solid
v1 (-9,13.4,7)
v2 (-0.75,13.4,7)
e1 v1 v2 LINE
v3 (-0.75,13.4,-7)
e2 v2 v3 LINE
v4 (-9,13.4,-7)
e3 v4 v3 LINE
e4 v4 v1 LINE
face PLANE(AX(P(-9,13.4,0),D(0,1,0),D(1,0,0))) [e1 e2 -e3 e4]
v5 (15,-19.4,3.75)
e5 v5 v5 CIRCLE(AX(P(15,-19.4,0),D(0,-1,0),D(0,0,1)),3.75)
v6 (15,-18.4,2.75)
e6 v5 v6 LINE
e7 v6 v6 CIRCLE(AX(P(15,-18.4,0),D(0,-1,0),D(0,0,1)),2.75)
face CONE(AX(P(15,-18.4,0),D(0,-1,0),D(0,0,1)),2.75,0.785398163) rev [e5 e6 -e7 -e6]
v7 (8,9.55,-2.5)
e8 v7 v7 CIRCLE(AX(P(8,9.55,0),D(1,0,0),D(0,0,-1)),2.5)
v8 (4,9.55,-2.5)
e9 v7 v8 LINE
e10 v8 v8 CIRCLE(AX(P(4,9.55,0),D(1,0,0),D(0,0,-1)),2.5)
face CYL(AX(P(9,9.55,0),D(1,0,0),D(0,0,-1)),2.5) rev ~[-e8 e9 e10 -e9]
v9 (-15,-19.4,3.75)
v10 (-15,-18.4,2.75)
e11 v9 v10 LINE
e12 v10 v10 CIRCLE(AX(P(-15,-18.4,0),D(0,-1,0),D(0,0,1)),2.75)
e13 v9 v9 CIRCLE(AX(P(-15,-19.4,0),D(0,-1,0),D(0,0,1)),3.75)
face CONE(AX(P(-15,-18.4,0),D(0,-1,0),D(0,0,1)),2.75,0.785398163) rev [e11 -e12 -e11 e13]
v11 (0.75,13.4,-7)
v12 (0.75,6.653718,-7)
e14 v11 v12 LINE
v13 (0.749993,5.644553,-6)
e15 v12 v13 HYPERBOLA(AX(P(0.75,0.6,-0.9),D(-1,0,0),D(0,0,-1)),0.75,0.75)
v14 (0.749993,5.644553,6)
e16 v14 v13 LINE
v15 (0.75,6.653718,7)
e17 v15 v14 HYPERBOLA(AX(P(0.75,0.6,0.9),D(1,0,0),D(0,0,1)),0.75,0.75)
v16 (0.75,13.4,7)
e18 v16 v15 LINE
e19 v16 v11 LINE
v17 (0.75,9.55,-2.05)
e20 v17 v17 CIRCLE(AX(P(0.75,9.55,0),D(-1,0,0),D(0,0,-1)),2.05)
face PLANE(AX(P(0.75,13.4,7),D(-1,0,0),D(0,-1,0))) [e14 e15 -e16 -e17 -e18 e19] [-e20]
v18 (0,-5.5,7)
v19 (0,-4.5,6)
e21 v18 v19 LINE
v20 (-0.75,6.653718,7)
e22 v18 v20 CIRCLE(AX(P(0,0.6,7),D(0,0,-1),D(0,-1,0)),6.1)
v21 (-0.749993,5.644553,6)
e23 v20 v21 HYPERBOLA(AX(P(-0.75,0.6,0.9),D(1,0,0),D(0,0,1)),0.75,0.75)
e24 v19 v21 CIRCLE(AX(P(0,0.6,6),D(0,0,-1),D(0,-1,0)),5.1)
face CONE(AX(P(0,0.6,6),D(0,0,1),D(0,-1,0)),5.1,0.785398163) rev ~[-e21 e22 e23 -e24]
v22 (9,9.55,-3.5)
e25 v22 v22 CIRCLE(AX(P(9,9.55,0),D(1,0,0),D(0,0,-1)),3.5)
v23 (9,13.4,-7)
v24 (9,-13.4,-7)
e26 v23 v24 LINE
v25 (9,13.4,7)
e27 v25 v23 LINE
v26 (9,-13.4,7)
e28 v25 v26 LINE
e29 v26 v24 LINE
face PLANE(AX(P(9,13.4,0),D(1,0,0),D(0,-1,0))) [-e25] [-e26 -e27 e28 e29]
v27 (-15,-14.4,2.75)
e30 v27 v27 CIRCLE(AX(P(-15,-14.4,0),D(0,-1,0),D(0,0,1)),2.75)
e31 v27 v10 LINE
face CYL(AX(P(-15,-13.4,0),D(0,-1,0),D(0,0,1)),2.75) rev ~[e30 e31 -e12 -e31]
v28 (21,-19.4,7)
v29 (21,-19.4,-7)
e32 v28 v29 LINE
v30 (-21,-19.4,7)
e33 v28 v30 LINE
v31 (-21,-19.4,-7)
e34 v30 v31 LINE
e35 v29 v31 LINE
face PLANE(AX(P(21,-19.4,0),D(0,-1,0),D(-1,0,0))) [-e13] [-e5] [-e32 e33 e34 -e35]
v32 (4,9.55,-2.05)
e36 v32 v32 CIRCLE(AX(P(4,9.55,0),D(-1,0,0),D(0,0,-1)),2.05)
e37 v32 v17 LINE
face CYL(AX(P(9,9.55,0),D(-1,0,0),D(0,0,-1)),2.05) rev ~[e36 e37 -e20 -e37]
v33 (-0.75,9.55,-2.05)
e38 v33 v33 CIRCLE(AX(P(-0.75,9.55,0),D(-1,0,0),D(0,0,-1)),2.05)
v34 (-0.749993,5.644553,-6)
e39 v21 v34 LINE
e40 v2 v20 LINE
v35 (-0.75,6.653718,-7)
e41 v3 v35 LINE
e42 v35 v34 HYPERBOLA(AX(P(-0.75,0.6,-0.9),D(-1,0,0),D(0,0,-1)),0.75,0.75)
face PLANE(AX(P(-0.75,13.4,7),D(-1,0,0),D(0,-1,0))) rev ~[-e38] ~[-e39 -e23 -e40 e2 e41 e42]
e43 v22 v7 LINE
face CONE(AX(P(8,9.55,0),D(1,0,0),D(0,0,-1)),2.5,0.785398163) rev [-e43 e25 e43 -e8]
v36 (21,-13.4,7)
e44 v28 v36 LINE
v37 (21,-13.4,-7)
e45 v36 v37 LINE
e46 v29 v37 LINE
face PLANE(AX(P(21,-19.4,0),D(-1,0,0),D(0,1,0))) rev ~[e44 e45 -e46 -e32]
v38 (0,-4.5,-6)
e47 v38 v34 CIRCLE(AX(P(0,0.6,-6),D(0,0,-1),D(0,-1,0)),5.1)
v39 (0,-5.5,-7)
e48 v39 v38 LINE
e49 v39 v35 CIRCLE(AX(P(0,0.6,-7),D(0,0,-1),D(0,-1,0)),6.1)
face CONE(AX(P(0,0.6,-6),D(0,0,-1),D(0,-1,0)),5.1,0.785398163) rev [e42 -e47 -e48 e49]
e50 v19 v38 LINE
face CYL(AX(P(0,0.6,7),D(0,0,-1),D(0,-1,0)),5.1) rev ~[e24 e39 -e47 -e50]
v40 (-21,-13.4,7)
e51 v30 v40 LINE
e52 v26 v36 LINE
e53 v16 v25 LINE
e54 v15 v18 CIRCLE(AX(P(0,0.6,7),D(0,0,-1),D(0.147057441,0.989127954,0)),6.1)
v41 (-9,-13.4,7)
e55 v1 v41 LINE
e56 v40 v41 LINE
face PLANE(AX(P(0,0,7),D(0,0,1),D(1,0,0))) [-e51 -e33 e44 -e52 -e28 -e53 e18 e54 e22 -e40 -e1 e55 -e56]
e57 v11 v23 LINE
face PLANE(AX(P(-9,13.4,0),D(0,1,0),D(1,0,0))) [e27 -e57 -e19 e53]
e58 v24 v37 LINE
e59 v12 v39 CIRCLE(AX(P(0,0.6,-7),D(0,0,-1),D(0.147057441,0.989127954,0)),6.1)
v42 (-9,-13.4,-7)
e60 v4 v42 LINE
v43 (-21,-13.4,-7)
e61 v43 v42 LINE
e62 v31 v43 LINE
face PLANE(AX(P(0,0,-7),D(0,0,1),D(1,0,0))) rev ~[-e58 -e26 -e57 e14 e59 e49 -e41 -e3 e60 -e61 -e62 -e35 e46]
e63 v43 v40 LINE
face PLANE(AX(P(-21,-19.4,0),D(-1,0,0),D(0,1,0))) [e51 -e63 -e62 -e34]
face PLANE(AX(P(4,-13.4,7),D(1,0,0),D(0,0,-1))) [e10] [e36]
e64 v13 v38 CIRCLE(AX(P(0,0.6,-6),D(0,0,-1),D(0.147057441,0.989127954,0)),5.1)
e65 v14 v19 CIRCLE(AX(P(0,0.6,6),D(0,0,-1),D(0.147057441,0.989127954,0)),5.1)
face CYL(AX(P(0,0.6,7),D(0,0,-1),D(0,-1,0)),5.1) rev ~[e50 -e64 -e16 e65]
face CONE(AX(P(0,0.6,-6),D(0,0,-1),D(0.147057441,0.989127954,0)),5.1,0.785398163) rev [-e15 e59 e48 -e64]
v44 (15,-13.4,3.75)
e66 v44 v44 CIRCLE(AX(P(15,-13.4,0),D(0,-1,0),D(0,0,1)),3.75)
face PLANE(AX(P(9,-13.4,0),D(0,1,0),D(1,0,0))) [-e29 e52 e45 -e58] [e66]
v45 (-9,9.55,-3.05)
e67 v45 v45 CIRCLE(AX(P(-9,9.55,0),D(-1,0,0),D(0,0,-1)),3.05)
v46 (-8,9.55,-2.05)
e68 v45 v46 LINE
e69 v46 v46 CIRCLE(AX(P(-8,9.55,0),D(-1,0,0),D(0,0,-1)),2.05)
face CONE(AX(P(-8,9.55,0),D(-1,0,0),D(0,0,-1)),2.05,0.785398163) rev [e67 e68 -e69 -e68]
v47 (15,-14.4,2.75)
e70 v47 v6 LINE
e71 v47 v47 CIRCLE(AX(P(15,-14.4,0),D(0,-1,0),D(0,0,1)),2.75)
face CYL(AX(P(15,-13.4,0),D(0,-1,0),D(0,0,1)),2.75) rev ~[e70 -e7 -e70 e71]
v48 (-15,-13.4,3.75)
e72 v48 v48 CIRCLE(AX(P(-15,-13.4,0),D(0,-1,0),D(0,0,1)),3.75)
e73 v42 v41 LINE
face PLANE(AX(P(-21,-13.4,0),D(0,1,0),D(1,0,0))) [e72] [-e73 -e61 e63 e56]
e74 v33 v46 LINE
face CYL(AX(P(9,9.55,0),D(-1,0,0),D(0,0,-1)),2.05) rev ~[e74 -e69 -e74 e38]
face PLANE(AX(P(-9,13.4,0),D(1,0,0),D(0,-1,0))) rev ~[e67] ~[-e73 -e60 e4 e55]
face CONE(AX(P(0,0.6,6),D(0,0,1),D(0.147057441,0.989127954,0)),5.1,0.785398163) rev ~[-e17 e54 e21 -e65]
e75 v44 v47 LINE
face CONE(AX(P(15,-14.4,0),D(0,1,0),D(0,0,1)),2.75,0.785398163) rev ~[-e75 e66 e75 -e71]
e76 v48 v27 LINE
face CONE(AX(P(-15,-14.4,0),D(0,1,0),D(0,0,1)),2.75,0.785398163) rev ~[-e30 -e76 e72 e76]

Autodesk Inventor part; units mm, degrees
ref_plane "YZ Plane" through (0, 0, 0) normal (1, 0, 0) x (0, 1, 0)
ref_plane "XZ Plane" through (0, 0, 0) normal (0, 1, 0) x (-1, 0, 0)
ref_plane "XY Plane" through (0, 0, 0) normal (0, 0, 1) x (1, 0, 0)
sketch "Эскиз1" plane through (0, 0, 0) normal (0, 0, 1) x (1, 0, 0)
  line L0 (-9, 13.4) -> (9, 13.4)
  line L1 (21, -19.4) -> (-21, -19.4)
  line L2 (-21, -19.4) -> (-21, -13.4)
  line L3 (-9, 13.4) -> (-9, -13.4)
  line L4 (9, 13.4) -> (9, -13.4)
  line L5 (21, -19.4) -> (21, -13.4)
  line L6 (-21, -13.4) -> (-9, -13.4)
  line L7 (9, -13.4) -> (21, -13.4)
  point P0 (0, 0)
  point P1 (-9, 0)
  point P2 (0, -19.4)
  dimension "d0" = 42
  dimension "d2" = 18
  dimension "d3" = 9
  dimension "d6" = 6
  dimension "d7" = 32.8
extrude "Выдавливание1" add sketch "Эскиз1" along normal mid plane 14
sketch "Эскиз3" plane through (0, 0, 7) normal (0, 0, 1) x (1, 0, 0)
  line L0 (-21, -19.4) -> (21, -19.4) projected
  point P0 (0, 0)
  point P1 (0, 0.6)
  dimension "d12" = 20
hole "Отверстие1" at (0, 0.6, 7) direction (0, 0, -1) diameter 10.2 end through all
sketch "Эскиз4" plane through (0, 0, 7) normal (0, 0, 1) x (1, 0, 0)
  line L0 (-9, 13.4) -> (9, 13.4) projected
  line L1 (-0.75, 13.4) -> (-0.75, 5.6446)
  circle A0 centre (0, 0.6) radius 5.1 projected
  line L2 (0.75, 13.4) -> (0.75, 5.6446)
  point P0 (0, 0)
  dimension "d20" = 1.5
  dimension "d21" = 0.75
extrude "Выдавливание2" cut sketch "Эскиз4" against normal blind 14 contours L0 L2 A0 L1
sketch "Эскиз6" plane through (9, -13.4, 7) normal (0, 1, 0) x (1, 0, 0)
  line L0 (12, 14) -> (12, 0) projected
  line L1 (0, 14) -> (12, 14) projected
  point P0 (-9, 7)
  point P1 (6, 7)
  point P2 (12, 7)
  point P3 (6, 14)
hole "Отверстие3" at (15, -13.4, 0) direction (0, -1, 0) diameter 5.5 end through all
sketch "Эскиз7" plane through (-21, -13.4, 7) normal (0, 1, 0) x (1, 0, 0)
  line L0 (0, 14) -> (12, 14) projected
  line L1 (0, 0) -> (0, 14) projected
  point P0 (21, 7)
  point P1 (6, 7)
  point P2 (6, 14)
  point P3 (0, 7)
hole "Отверстие4" at (-15, -13.4, 0) direction (0, -1, 0) diameter 5.5 end through all
sketch "Эскиз8" plane through (9, -13.4, 7) normal (1, 0, 0) x (0, 0, -1)
  line L0 (14, 26.8) -> (0, 26.8) projected
  point P0 (7, 13.4)
  point P1 (7, 22.95)
  point P2 (7, 26.8)
  dimension "d50" = 3.85
sketch "Эскиз9" plane through (9, -13.4, 7) normal (1, 0, 0) x (0, 0, -1)
  point P0 (7, 13.4)
hole "Отверстие5" at (9, 9.55, 0) direction (-1, 0, 0) diameter 4.1 end through all
thread "Резьба2" size "M4.5x0.75" class "6H" standard "ANSI Metric M Profile" full length
sketch "Эскиз10" plane through (9, -13.4, 7) normal (1, 0, 0) x (0, 0, -1)
  circle A0 centre (7, 22.95) radius 2.5
  line L0 (14, 26.8) -> (0, 26.8) projected
  point P0 (7, 13.4)
  point P1 (7, 26.8)
  dimension "d60" = 5
  dimension "d61" = 3.85
extrude "Выдавливание3" cut sketch "Эскиз10" against normal blind 5
chamfer "Фаска1" distance 1 angle 45 10 edges at (-5.0861, 0.224, 7) (5.0861, 0.224, 7) (-9, 9.55, 2.05) (-15, -19.4, -2.75) (15, -19.4, -2.75) (-5.0861, 0.224, -7) (5.0861, 0.224, -7) (15, -13.4, -2.75) (-15, -13.4, -2.75) (9, 9.55, 2.5)
properties part number "SK10"
